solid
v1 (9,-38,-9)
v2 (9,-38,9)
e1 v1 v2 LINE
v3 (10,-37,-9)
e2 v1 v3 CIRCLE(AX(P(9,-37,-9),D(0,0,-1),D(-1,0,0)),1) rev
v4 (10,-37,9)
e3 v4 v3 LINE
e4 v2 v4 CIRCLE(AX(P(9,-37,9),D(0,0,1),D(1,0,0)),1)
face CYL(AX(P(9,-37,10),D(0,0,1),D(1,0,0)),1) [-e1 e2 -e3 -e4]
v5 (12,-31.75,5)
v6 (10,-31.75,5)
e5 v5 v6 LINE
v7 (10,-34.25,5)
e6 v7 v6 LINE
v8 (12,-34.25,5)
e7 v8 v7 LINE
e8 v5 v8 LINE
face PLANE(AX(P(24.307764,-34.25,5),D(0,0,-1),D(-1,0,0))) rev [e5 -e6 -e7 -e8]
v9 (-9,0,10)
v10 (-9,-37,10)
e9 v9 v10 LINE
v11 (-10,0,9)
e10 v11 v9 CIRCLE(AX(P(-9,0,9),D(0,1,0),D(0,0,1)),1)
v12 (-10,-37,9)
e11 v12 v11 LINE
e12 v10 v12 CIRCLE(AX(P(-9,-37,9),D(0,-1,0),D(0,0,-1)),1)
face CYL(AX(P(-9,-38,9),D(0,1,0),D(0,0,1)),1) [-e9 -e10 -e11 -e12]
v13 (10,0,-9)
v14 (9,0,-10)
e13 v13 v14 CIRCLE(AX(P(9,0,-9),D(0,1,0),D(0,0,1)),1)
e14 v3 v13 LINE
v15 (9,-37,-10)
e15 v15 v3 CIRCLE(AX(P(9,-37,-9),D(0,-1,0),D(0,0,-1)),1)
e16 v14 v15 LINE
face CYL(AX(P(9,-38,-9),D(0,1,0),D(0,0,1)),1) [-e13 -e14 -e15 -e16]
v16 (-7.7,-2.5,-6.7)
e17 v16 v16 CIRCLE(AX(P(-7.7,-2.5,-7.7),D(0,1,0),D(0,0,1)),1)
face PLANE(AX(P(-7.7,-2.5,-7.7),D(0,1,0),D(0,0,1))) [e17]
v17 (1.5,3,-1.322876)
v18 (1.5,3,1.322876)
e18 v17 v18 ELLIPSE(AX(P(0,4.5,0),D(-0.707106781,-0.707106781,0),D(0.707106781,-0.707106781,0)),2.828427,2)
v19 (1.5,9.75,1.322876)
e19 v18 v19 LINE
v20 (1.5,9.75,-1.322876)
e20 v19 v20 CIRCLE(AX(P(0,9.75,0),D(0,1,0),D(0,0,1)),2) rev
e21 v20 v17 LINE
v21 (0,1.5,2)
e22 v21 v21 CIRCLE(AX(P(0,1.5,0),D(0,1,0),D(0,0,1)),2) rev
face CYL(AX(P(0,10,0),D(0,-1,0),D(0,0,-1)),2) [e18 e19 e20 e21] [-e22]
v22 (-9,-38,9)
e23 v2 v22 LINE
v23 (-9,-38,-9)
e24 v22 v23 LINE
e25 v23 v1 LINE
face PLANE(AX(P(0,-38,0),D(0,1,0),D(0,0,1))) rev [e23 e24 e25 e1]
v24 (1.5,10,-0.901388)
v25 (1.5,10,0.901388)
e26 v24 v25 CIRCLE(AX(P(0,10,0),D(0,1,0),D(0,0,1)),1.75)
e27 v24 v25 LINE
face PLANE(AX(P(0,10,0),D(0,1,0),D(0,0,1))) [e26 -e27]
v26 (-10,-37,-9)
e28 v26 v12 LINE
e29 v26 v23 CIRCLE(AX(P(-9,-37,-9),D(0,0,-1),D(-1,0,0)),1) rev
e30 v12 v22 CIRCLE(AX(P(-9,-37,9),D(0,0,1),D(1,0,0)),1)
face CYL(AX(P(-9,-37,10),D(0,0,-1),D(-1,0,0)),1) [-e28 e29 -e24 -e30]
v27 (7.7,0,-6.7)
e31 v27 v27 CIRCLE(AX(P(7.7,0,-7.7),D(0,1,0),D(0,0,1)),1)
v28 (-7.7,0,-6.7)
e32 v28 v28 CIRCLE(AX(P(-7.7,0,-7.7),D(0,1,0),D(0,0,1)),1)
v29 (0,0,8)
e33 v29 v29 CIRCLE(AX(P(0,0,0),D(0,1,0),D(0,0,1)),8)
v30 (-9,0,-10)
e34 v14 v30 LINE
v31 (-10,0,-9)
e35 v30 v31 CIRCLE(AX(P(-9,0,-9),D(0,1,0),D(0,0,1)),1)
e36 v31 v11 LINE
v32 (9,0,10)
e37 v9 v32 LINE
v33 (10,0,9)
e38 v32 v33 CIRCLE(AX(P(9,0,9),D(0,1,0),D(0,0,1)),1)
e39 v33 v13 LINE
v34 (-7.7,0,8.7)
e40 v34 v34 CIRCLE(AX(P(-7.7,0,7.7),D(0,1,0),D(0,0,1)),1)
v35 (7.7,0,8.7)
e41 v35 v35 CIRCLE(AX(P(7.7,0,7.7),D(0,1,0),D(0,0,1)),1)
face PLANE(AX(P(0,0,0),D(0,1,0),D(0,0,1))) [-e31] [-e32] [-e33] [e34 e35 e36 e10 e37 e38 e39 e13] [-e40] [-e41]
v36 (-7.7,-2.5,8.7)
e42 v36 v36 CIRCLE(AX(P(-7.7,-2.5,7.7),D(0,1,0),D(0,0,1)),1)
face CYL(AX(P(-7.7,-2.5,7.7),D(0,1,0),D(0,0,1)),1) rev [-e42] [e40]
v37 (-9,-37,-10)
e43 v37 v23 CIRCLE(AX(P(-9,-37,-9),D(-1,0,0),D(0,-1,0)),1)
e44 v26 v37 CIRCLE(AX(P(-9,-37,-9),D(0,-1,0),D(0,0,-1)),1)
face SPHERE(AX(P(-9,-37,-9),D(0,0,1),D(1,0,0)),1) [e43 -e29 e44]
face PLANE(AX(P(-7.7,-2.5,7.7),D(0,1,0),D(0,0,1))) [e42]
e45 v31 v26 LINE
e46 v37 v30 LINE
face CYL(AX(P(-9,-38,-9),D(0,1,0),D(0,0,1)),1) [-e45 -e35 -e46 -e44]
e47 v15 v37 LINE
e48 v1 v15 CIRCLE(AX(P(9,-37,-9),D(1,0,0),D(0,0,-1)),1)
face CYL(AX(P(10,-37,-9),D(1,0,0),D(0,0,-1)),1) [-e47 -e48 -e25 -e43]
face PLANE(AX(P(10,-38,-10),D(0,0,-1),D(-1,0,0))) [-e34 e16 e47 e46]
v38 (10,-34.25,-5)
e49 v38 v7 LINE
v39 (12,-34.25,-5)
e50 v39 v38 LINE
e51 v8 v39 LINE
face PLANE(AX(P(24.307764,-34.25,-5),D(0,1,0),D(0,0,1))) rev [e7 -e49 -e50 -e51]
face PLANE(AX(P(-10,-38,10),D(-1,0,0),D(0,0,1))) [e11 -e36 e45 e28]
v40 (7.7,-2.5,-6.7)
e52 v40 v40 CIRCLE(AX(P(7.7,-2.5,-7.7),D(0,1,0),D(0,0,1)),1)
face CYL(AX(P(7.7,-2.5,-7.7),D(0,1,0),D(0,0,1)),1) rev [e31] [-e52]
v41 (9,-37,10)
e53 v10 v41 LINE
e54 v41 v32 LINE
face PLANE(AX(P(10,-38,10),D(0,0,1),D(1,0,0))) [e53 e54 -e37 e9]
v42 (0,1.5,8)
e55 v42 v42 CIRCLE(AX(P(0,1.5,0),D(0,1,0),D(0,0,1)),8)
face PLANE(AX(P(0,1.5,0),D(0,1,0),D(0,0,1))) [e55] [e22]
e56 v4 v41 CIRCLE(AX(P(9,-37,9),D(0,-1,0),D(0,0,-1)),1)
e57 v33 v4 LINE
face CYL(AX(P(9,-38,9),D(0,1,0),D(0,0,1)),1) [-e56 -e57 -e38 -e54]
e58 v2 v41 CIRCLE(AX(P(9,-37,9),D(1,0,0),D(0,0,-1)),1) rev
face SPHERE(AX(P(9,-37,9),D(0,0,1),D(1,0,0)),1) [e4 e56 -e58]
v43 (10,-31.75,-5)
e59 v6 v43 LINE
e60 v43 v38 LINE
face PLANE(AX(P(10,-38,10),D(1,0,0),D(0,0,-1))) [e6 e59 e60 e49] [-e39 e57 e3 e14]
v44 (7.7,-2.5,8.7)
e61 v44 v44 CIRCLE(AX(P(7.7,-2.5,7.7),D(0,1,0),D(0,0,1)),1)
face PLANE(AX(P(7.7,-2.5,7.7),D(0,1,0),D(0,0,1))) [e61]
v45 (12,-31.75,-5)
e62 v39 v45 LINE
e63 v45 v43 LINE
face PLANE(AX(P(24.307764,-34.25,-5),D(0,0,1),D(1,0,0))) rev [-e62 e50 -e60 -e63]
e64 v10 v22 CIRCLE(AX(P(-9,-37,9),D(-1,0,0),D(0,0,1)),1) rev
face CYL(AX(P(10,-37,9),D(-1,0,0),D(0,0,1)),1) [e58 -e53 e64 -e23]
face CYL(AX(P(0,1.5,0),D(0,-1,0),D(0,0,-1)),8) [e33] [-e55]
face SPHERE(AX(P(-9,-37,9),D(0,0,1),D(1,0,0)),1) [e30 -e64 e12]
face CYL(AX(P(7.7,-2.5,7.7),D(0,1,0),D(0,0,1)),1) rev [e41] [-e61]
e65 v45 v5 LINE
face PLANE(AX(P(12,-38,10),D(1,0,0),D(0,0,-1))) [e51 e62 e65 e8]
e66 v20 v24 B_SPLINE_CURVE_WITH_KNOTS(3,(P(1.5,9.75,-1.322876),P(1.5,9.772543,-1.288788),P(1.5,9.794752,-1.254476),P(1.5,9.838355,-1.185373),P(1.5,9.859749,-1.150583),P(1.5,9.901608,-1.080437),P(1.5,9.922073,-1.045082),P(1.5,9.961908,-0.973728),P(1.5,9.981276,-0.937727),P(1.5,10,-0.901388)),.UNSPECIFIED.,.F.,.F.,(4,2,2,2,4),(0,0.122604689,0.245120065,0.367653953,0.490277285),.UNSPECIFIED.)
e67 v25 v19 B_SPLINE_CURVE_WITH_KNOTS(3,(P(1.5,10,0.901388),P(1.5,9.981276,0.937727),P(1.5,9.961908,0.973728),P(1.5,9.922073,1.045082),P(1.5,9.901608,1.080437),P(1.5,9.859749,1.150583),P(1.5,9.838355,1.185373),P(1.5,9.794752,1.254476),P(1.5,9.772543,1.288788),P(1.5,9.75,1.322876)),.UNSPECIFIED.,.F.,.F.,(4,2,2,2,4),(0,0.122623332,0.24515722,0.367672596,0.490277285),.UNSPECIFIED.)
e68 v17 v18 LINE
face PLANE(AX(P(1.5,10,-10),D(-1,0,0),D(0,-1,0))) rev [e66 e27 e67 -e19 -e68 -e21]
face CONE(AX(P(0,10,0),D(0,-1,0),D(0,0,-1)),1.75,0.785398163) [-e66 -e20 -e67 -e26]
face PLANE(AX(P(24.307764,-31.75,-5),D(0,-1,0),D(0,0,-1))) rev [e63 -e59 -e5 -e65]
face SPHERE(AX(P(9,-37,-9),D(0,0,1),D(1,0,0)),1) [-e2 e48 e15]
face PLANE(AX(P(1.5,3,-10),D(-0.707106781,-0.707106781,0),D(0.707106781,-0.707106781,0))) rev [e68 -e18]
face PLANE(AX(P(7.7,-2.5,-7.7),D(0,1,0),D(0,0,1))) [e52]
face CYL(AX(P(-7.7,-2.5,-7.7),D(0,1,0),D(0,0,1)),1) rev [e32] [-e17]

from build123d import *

# Parameters (mm, degrees)
SKETCH1_W               = 20
SKETCH1_H               = 20
BOSS_EXTRUDE1_DEPTH     = 38
SKETCH2_R               = 1
CUT_EXTRUDE1_DEPTH      = 2.5
SKETCH3_R               = 8
BOSS_EXTRUDE2_DEPTH     = 1.5
SKETCH4_R               = 2
BOSS_EXTRUDE3_DEPTH     = 10
CUT_EXTRUDE2_DEPTH      = 11
CUT_EXTRUDE2_DEPTH_BACK = 11
CHAMFER1_SIZE           = 0.25
FILLET1_R               = 1
SKETCH6_W               = 10
SKETCH6_H               = 2.5
BOSS_EXTRUDE4_DEPTH     = 12


with BuildPart() as part:
    # Sketch1 → Boss-Extrude1 (new body)
    with BuildSketch(Plane(origin=(0, 0, 0), x_dir=(1, 0, 0), z_dir=(0, 1, 0))):
        Rectangle(SKETCH1_W, SKETCH1_H)
    extrude(amount=-BOSS_EXTRUDE1_DEPTH)

    # Sketch2 → Cut-Extrude1 (cut)
    with BuildSketch(Plane(origin=(0, 0, 0), x_dir=(1, 0, 0), z_dir=(0, 1, 0))):
        with Locations((-7.7, 7.7)):
            Circle(SKETCH2_R)
        with Locations((7.7, 7.7)):
            Circle(SKETCH2_R)
        with Locations((7.7, -7.7)):
            Circle(SKETCH2_R)
        with Locations((-7.7, -7.7)):
            Circle(SKETCH2_R)
    extrude(amount=-CUT_EXTRUDE1_DEPTH, mode=Mode.SUBTRACT)

    # Sketch3 → Boss-Extrude2 (add)
    with BuildSketch(Plane(origin=(0, 0, 0), x_dir=(1, 0, 0), z_dir=(0, 1, 0))):
        Circle(SKETCH3_R)
    extrude(amount=BOSS_EXTRUDE2_DEPTH)

    # Sketch4 → Boss-Extrude3 (add)
    with BuildSketch(Plane(origin=(0, 0, 0), x_dir=(1, 0, 0), z_dir=(0, 1, 0))):
        Circle(SKETCH4_R)
    extrude(amount=BOSS_EXTRUDE3_DEPTH)

    # Sketch5 → Cut-Extrude2 (cut, two sides)
    with BuildSketch(Plane.XY) as cut_extrude2_sk:
        Polygon((2, 10), (1.5, 10), (1.5, 3), (2, 2.5), align=None)
    extrude(amount=CUT_EXTRUDE2_DEPTH, mode=Mode.SUBTRACT)
    extrude(cut_extrude2_sk.sketch, amount=-CUT_EXTRUDE2_DEPTH_BACK, mode=Mode.SUBTRACT)

    # Chamfer1
    chamfer1_edges = [part.edges().sort_by_distance(p)[0] for p in [
        (-2, 10, 0),
    ]]
    chamfer(chamfer1_edges, length=CHAMFER1_SIZE)

    # Fillet1
    fillet1_edges = [part.edges().sort_by_distance(p)[0] for p in [
        (10, -38, 0),
        (0, -38, -10),
        (-10, -38, 0),
        (0, -38, 10),
        (-10, -19, -10),
        (10, -19, -10),
        (10, -19, 10),
        (-10, -19, 10),
    ]]
    fillet(fillet1_edges, radius=FILLET1_R)

    # Sketch6 → Boss-Extrude4 (add)
    with BuildSketch(Plane(origin=(0, 0, 0), x_dir=(0, 0, -1), z_dir=(1, 0, 0))):
        with Locations((0, -33)):
            Rectangle(SKETCH6_W, SKETCH6_H)
    extrude(amount=BOSS_EXTRUDE4_DEPTH)


solid = part.part
